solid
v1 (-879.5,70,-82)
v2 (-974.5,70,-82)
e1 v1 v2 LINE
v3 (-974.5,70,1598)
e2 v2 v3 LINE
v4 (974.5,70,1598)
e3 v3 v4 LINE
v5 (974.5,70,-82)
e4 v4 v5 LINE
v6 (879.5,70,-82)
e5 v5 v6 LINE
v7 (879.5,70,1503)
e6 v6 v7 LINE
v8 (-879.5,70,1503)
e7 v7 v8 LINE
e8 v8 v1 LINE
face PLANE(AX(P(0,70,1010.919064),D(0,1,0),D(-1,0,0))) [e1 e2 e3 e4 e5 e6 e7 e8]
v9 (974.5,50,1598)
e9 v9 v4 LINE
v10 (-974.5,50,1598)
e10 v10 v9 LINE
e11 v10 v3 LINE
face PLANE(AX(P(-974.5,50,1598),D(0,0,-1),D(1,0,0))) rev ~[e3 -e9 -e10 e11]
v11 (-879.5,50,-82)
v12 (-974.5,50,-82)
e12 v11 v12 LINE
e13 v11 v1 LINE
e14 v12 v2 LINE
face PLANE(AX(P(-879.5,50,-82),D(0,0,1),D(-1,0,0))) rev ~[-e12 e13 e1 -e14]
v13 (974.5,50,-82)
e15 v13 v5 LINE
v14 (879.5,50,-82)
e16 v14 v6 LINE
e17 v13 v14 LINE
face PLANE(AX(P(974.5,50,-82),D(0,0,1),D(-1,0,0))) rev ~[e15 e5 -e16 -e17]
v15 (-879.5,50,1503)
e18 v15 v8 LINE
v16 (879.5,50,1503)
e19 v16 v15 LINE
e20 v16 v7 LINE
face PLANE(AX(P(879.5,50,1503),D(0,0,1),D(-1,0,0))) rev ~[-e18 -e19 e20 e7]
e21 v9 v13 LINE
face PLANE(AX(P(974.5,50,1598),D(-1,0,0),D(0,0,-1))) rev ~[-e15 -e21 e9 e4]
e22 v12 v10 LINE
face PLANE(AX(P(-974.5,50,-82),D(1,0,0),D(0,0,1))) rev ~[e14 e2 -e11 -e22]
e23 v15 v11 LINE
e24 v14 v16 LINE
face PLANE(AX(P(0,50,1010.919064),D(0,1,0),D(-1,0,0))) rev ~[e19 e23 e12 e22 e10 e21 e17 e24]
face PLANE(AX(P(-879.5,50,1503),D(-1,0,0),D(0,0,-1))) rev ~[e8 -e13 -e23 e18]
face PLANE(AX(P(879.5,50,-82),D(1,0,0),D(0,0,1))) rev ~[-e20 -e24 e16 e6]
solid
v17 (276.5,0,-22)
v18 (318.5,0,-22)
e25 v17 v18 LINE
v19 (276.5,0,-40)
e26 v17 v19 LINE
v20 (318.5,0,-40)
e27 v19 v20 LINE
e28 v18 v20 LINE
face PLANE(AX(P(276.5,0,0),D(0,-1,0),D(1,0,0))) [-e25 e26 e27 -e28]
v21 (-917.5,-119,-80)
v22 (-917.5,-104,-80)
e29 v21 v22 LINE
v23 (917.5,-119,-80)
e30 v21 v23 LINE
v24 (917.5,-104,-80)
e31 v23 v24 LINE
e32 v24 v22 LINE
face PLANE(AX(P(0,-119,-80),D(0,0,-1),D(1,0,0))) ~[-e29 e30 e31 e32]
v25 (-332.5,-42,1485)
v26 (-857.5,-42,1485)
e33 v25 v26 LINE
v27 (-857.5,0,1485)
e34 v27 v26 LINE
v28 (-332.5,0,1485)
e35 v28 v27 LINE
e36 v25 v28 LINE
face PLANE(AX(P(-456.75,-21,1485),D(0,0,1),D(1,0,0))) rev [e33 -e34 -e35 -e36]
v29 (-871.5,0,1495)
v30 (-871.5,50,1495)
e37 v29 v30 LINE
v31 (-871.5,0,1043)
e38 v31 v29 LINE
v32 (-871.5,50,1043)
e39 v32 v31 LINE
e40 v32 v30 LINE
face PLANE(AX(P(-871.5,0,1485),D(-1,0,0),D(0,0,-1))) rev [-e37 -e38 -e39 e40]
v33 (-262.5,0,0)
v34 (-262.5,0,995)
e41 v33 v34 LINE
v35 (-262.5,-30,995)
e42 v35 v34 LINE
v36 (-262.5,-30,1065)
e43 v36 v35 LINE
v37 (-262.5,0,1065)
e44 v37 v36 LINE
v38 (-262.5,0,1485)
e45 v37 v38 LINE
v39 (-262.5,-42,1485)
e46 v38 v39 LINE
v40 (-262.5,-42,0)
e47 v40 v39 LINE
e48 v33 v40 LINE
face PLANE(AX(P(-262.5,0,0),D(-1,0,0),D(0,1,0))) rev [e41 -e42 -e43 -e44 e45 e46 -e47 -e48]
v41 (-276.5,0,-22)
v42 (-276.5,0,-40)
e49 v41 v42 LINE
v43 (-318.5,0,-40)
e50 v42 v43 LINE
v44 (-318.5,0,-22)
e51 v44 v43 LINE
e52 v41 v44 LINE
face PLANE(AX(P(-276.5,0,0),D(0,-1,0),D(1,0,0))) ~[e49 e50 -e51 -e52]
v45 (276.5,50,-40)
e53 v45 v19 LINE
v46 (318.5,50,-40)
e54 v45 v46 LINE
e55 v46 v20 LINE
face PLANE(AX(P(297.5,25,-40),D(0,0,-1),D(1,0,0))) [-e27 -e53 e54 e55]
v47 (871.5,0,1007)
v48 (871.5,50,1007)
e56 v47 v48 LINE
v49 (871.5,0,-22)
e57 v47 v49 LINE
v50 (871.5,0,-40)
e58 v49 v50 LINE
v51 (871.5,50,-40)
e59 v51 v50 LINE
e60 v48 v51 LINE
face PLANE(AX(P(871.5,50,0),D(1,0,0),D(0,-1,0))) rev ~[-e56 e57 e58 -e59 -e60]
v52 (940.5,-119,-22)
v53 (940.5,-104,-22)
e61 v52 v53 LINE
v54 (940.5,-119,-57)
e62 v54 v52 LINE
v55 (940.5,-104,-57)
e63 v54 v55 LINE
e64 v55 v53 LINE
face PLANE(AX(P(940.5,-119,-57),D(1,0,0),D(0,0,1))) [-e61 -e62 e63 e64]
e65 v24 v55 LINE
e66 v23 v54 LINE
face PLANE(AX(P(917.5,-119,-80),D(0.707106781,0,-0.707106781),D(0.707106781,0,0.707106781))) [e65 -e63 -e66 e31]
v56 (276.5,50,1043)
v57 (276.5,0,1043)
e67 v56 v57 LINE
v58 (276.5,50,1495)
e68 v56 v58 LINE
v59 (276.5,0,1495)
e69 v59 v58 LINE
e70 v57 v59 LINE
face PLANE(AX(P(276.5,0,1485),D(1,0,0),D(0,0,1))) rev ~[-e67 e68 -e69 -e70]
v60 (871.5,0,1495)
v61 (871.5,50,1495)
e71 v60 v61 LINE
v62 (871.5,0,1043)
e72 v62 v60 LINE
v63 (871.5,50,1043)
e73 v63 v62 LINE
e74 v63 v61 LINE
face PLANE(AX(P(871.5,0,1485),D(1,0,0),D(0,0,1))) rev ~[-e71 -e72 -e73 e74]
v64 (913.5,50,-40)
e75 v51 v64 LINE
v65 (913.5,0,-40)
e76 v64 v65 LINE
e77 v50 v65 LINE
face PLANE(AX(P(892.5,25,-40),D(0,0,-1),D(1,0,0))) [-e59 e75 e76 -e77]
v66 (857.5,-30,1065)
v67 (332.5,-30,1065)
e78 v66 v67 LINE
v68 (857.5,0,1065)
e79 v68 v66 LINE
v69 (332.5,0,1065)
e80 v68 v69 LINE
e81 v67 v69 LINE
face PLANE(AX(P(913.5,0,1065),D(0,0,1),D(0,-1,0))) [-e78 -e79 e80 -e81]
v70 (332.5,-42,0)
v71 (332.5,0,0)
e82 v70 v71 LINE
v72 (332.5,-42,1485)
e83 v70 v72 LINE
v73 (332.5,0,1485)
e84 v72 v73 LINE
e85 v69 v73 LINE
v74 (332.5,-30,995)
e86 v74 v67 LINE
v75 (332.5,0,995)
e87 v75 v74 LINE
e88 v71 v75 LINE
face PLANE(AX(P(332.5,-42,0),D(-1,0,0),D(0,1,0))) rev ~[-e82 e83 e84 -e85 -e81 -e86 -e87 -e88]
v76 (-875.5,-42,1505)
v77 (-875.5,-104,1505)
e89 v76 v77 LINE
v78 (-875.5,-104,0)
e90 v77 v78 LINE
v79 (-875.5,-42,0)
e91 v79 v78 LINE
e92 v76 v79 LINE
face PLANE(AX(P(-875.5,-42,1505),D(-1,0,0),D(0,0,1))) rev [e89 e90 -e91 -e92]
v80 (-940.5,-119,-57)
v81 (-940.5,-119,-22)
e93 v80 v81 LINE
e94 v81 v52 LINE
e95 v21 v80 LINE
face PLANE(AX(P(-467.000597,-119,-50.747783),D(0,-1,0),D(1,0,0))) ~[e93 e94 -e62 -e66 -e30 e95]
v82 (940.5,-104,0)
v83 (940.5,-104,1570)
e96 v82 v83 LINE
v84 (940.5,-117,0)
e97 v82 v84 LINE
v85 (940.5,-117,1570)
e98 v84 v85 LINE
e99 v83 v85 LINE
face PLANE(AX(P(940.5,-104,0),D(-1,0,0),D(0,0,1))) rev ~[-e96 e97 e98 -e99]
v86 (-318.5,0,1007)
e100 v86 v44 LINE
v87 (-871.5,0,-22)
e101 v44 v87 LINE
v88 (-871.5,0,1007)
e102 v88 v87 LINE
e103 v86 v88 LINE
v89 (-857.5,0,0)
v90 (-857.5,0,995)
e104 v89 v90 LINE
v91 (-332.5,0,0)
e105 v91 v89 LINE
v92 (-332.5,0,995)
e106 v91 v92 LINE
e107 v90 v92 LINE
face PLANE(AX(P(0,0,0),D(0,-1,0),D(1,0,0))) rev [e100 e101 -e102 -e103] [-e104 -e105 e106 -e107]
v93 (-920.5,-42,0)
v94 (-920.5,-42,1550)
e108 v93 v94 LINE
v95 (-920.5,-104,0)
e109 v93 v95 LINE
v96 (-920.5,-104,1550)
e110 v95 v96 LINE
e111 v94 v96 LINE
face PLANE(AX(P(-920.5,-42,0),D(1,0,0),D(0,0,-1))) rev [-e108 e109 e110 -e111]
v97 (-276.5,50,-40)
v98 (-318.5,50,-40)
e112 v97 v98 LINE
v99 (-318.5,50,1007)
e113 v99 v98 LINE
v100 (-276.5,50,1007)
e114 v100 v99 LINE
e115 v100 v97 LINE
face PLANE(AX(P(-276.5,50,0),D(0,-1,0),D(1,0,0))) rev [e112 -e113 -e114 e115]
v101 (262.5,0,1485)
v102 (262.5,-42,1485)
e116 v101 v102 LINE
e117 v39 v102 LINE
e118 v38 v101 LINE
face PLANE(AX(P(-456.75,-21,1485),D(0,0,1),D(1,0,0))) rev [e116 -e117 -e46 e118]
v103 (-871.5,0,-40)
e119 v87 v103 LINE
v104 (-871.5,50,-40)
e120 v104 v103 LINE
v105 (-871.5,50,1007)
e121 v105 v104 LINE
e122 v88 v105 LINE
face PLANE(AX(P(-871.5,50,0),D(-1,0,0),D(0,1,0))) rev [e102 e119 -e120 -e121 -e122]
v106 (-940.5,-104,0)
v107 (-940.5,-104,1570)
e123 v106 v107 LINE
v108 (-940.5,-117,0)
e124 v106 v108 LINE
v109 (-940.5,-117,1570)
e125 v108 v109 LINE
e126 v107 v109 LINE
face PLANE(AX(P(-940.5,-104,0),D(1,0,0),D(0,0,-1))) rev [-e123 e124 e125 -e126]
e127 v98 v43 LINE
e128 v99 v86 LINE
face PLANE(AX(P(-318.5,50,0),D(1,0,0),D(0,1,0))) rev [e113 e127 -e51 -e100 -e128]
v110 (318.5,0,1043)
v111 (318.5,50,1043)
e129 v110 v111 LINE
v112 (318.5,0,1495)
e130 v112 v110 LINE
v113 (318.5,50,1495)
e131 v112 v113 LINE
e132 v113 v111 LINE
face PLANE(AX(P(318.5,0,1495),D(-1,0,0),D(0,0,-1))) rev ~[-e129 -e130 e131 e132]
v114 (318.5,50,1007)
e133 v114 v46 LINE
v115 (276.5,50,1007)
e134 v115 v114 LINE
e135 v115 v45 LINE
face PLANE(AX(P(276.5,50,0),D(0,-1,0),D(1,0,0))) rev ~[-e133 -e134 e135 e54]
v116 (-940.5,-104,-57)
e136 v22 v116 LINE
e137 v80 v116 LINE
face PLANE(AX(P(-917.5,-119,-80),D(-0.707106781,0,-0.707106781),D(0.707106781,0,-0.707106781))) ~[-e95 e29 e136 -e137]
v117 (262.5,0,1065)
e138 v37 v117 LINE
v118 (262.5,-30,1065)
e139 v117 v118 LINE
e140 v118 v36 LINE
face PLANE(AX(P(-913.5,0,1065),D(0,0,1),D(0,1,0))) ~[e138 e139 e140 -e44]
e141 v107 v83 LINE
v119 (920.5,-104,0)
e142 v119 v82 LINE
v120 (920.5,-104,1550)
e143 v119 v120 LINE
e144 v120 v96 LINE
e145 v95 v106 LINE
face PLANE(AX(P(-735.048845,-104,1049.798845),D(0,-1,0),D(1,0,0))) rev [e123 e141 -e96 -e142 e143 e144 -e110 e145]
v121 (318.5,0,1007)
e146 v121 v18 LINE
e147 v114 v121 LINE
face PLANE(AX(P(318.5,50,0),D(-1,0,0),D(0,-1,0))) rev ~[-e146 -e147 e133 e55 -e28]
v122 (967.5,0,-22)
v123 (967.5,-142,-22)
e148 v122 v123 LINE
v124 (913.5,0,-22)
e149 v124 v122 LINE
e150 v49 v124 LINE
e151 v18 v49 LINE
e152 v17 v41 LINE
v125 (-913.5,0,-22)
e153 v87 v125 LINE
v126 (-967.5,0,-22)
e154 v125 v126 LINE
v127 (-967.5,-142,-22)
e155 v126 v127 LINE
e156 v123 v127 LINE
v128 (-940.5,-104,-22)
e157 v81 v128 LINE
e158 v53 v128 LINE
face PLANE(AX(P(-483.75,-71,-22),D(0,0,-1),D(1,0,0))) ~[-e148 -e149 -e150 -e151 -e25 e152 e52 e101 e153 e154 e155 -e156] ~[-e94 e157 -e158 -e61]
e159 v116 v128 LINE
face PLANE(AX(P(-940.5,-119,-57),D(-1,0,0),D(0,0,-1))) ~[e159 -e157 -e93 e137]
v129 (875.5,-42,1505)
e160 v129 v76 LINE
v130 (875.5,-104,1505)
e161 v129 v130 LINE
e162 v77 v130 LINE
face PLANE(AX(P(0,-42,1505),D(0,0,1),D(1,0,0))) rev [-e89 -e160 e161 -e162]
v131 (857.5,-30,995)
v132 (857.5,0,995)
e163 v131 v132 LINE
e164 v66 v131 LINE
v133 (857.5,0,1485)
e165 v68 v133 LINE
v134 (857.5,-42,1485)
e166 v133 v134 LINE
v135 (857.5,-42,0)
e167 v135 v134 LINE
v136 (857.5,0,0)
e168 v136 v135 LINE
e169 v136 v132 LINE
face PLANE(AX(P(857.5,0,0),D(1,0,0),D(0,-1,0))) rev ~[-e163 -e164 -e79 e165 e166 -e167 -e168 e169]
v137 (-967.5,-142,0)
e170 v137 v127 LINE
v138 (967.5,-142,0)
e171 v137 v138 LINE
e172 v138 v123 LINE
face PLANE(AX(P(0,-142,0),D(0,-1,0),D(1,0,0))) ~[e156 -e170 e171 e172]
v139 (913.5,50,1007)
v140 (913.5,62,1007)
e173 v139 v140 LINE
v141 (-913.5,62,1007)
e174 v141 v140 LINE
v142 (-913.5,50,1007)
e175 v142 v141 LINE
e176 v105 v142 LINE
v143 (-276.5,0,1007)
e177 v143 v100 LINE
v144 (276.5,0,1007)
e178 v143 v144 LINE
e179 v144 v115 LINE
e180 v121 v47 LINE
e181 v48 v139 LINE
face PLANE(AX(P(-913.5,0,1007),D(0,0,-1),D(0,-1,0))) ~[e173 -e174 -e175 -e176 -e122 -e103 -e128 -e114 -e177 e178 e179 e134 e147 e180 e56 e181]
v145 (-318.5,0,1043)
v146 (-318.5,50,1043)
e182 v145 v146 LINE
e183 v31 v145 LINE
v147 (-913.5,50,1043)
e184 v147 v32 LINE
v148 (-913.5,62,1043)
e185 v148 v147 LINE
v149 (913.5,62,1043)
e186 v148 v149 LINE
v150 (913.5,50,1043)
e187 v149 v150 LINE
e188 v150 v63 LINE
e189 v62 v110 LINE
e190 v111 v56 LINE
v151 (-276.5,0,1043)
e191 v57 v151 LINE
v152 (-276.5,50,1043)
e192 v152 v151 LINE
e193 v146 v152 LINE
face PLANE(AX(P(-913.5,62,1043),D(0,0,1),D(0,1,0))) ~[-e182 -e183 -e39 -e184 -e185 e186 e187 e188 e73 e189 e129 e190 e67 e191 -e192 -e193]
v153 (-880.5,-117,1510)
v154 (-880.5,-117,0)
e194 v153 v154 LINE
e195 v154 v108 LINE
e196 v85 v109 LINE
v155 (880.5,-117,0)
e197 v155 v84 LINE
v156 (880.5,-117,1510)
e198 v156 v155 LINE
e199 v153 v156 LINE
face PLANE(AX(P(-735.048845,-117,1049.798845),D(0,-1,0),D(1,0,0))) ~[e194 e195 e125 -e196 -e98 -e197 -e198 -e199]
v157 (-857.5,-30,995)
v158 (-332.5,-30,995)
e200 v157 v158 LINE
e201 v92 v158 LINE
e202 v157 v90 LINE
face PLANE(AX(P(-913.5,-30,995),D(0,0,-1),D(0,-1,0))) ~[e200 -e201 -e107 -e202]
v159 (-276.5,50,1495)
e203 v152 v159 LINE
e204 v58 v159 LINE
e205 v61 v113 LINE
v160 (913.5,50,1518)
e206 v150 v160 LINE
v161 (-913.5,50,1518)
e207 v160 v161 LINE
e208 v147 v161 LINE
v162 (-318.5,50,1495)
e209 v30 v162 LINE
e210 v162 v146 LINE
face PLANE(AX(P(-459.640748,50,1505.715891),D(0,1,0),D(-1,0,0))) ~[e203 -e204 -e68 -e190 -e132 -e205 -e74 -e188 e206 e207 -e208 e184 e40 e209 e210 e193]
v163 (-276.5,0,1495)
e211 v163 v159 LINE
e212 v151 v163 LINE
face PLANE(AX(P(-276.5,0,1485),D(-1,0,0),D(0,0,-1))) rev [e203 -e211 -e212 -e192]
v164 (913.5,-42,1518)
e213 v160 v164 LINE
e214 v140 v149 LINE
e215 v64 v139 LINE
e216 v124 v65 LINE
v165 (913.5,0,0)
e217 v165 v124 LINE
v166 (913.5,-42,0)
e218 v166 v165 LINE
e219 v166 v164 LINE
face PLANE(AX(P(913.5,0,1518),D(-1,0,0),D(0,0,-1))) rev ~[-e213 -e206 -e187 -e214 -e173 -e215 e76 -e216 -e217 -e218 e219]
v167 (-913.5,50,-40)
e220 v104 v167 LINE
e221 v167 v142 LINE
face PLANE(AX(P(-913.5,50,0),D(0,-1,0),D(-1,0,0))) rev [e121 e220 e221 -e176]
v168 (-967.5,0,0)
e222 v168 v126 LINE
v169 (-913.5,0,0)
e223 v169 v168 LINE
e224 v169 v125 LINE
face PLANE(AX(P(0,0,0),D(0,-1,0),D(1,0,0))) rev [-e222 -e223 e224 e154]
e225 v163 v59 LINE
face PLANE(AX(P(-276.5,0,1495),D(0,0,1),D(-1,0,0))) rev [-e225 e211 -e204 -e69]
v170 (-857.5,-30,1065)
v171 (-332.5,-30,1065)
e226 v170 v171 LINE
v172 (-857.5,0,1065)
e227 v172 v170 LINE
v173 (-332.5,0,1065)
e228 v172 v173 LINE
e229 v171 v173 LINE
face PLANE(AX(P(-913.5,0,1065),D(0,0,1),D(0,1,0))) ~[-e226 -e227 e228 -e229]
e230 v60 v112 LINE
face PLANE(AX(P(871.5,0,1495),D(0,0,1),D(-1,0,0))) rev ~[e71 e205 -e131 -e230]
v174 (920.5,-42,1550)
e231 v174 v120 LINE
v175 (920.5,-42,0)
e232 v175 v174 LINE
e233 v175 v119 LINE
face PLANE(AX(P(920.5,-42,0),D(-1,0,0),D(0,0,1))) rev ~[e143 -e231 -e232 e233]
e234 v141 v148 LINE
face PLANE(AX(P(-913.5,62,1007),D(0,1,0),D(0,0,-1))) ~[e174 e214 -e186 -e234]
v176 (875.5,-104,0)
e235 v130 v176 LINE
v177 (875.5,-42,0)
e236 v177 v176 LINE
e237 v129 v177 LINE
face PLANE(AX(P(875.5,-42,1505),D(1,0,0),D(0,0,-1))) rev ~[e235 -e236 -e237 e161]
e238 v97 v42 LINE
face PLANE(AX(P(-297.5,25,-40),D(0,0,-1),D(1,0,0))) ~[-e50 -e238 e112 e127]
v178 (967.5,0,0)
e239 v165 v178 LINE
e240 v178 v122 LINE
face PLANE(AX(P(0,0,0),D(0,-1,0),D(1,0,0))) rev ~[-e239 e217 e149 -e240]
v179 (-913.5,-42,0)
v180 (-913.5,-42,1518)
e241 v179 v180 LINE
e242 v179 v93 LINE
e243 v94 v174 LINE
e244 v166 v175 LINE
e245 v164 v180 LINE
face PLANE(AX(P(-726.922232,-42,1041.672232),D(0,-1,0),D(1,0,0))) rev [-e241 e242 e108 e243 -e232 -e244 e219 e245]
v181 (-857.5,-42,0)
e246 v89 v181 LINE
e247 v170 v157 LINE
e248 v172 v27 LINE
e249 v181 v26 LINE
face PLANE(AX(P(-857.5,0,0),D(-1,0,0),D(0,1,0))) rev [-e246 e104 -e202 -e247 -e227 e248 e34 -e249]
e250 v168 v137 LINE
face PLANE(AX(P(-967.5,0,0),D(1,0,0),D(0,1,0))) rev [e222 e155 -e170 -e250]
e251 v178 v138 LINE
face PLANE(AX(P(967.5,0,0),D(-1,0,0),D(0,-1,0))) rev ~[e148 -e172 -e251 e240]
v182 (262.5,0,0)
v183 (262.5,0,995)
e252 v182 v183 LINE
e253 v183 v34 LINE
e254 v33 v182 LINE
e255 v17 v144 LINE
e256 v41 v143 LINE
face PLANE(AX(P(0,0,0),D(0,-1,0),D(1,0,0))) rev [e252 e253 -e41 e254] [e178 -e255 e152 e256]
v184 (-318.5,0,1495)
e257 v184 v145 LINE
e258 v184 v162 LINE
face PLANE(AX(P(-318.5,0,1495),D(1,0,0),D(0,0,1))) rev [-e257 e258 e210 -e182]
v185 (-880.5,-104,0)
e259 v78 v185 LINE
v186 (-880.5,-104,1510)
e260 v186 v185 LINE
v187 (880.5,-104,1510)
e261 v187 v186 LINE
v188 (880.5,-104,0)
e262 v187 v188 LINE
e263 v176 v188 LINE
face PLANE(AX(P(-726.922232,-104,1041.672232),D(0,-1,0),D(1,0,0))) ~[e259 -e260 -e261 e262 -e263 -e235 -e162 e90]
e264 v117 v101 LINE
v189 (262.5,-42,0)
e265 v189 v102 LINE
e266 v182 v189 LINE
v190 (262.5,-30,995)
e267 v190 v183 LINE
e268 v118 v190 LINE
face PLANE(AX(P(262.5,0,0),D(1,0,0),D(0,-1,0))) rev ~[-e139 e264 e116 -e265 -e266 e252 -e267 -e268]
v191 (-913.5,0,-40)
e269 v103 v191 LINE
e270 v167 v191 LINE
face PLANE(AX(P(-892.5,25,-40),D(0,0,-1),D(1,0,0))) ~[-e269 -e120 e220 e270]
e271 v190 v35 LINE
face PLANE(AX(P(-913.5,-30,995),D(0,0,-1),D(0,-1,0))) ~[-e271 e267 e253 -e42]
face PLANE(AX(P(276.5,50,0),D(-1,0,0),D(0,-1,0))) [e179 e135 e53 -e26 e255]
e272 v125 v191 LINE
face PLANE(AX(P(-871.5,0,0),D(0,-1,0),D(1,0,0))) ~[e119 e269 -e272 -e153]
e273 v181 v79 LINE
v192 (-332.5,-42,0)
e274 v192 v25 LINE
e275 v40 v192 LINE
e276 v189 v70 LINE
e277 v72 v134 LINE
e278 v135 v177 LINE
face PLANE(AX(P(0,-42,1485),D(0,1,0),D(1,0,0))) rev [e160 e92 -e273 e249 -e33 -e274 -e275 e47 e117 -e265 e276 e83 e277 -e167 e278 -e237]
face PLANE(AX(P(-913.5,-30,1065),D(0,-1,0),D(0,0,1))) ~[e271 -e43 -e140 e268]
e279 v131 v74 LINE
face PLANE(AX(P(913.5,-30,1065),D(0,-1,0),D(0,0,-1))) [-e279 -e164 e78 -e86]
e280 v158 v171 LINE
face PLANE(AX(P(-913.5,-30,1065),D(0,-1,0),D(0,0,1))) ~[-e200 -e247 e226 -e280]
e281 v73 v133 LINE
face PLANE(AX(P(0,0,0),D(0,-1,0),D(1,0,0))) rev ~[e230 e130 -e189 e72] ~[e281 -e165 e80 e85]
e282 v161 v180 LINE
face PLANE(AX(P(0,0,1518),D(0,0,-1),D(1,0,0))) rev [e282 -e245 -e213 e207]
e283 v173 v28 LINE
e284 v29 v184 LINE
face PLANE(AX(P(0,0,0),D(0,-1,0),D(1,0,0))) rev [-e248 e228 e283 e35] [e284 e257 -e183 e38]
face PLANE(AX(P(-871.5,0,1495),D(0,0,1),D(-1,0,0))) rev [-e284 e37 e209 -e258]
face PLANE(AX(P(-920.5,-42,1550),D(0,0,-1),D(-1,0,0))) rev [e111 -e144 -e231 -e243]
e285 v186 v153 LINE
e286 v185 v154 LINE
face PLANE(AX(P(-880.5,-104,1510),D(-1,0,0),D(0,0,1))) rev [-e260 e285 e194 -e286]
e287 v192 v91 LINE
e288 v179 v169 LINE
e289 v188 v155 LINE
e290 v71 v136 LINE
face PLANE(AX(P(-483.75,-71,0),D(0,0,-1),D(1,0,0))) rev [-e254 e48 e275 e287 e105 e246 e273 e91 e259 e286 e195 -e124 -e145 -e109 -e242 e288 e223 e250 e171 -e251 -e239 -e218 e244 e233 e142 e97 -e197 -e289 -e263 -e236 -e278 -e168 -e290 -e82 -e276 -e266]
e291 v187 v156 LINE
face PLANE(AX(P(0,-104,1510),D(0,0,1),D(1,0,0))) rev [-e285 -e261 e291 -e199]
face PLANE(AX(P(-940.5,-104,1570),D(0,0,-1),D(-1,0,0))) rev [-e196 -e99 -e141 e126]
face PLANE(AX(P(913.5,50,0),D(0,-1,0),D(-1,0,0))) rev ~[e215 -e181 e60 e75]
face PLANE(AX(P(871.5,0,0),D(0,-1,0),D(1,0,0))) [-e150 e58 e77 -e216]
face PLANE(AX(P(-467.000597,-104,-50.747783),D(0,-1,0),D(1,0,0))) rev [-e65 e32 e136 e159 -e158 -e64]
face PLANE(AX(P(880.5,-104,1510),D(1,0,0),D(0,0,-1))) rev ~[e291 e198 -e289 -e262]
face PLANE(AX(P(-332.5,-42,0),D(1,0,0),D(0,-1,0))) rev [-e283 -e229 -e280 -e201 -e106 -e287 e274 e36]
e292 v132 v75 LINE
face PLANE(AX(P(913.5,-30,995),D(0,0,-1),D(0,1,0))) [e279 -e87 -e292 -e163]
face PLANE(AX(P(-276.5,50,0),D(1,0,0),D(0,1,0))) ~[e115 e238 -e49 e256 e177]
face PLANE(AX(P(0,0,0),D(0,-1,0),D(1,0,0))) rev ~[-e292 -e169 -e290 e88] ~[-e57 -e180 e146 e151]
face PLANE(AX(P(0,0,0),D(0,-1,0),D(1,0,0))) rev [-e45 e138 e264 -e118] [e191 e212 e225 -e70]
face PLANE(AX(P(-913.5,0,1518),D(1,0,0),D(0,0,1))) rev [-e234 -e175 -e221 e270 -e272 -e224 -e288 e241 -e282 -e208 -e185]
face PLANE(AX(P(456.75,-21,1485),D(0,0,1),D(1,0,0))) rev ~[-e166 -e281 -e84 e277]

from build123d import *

# Parameters (mm, degrees)
F1_DEPTH  = 1485
F2_W      = 913.5
F2_H      = 42
F3_DEPTH  = 33
F4_W      = 967.5
F4_H      = 142
F5_DEPTH  = 22
F7_DEPTH  = 913.5
F9_DEPTH  = 62
F11_DEPTH = 13
F14_DEPTH = 15
F16_DEPTH = 50
F17_W     = 42
F17_H     = 50
F18_DEPTH = 40
F21_DEPTH = 20


with BuildPart() as f1:
    # F0 (on Top) → F1 (new body)
    with BuildSketch(Plane.XY):
        Polygon((276.5, 50), (276.5, 0), (262.5, 0), (262.5, -42), (332.5, -42), (332.5, 0), (318.5, 0), (318.5, 50), align=None)
    extrude(amount=F1_DEPTH)



with BuildPart() as f1b:
    # F0 (on Top) → F1, piece 2 (new body)
    with BuildSketch(Plane.XY):
        Polygon((871.5, 0), (857.5, 0), (857.5, -42), (913.5, -42), (913.5, 50), (871.5, 50), align=None)
    extrude(amount=F1_DEPTH)


with BuildPart() as f1_1:
    add(f1.part)

    add(f1b.part)  # F3 merges F1b
    # F2 (on face) → F3 (join)
    with BuildSketch(Plane.XY.offset(1485)):
        with Locations((456.75, -21)):
            Rectangle(F2_W, F2_H)
    extrude(amount=F3_DEPTH)

    # F4 (on face) → F5 (join)
    with BuildSketch(Plane(origin=(0, 0, 0), x_dir=(1, 0, 0), z_dir=(0, 0, -1))):
        with Locations((483.75, 71)):
            Rectangle(F4_W, F4_H)
    extrude(amount=F5_DEPTH)

    # F6 (on face) → F7 (join, through all)
    with BuildSketch(Plane.YZ.offset(913.5)):
        Polygon((0, 1065), (-30, 1065), (-30, 995), (0, 995), (0, 1007), (62, 1007), (62, 1043), (0, 1043), align=None)
    extrude(amount=-F7_DEPTH)

    # F8 (on face) → F9 (join)
    with BuildSketch(Plane.XZ.offset(42)):
        Polygon((875.5, 1505), (875.5, 0), (920.5, 0), (920.5, 1550), (0, 1550), (0, 1505), align=None)
    extrude(amount=F9_DEPTH)

    # F10 (on face) → F11 (join)
    with BuildSketch(Plane.XZ.offset(104)):
        Polygon((880.5, 1510), (880.5, 0), (940.5, 0), (940.5, 1570), (0, 1570), (0, 1510), align=None)
    extrude(amount=F11_DEPTH)

    # F13 (on offset) → F14 (join)
    with BuildSketch(Plane.XZ.offset(119)):
        Polygon((940.5, -57), (940.5, -22), (0, -22), (0, -80), (917.5, -80), align=None)
    extrude(amount=-F14_DEPTH)

    # F15 (on face) → F16 (join, through all)
    with BuildSketch(Plane(origin=(0, 0, 0), x_dir=(-1, 0, 0), z_dir=(0, 1, 0))):
        Polygon((-913.5, 1518), (-913.5, 1485), (-871.5, 1485), (-871.5, 1495), (-318.5, 1495), (-318.5, 1485), (-276.5, 1485), (-276.5, 1495), (0, 1495), (0, 1518), align=None)
    extrude(amount=F16_DEPTH)

    # F17 (on face) → F18 (join)
    with BuildSketch(Plane(origin=(0, 0, 0), x_dir=(1, 0, 0), z_dir=(0, 0, -1))):
        with Locations((297.5, -25)):
            Rectangle(F17_W, F17_H)
        with Locations((892.5, -25)):
            Rectangle(F17_W, F17_H)
    extrude(amount=F18_DEPTH)

    # F19: F1 across plane


with BuildPart() as f1_2:
    add(f1_1.part)
    add(f1_1.part.mirror(Plane.YZ))


with BuildPart() as f21:
    # F20 (on face) → F21 (new body)
    with BuildSketch(Plane(origin=(0, 50, 0), x_dir=(-1, 0, 0), z_dir=(0, 1, 0))):
        Polygon((-879.5, -82), (-879.5, 1503), (879.5, 1503), (879.5, -82), (974.5, -82), (974.5, 1598), (-974.5, 1598), (-974.5, -82), align=None)
    extrude(amount=F21_DEPTH)


solid = Compound([f1_2.part, f21.part])
